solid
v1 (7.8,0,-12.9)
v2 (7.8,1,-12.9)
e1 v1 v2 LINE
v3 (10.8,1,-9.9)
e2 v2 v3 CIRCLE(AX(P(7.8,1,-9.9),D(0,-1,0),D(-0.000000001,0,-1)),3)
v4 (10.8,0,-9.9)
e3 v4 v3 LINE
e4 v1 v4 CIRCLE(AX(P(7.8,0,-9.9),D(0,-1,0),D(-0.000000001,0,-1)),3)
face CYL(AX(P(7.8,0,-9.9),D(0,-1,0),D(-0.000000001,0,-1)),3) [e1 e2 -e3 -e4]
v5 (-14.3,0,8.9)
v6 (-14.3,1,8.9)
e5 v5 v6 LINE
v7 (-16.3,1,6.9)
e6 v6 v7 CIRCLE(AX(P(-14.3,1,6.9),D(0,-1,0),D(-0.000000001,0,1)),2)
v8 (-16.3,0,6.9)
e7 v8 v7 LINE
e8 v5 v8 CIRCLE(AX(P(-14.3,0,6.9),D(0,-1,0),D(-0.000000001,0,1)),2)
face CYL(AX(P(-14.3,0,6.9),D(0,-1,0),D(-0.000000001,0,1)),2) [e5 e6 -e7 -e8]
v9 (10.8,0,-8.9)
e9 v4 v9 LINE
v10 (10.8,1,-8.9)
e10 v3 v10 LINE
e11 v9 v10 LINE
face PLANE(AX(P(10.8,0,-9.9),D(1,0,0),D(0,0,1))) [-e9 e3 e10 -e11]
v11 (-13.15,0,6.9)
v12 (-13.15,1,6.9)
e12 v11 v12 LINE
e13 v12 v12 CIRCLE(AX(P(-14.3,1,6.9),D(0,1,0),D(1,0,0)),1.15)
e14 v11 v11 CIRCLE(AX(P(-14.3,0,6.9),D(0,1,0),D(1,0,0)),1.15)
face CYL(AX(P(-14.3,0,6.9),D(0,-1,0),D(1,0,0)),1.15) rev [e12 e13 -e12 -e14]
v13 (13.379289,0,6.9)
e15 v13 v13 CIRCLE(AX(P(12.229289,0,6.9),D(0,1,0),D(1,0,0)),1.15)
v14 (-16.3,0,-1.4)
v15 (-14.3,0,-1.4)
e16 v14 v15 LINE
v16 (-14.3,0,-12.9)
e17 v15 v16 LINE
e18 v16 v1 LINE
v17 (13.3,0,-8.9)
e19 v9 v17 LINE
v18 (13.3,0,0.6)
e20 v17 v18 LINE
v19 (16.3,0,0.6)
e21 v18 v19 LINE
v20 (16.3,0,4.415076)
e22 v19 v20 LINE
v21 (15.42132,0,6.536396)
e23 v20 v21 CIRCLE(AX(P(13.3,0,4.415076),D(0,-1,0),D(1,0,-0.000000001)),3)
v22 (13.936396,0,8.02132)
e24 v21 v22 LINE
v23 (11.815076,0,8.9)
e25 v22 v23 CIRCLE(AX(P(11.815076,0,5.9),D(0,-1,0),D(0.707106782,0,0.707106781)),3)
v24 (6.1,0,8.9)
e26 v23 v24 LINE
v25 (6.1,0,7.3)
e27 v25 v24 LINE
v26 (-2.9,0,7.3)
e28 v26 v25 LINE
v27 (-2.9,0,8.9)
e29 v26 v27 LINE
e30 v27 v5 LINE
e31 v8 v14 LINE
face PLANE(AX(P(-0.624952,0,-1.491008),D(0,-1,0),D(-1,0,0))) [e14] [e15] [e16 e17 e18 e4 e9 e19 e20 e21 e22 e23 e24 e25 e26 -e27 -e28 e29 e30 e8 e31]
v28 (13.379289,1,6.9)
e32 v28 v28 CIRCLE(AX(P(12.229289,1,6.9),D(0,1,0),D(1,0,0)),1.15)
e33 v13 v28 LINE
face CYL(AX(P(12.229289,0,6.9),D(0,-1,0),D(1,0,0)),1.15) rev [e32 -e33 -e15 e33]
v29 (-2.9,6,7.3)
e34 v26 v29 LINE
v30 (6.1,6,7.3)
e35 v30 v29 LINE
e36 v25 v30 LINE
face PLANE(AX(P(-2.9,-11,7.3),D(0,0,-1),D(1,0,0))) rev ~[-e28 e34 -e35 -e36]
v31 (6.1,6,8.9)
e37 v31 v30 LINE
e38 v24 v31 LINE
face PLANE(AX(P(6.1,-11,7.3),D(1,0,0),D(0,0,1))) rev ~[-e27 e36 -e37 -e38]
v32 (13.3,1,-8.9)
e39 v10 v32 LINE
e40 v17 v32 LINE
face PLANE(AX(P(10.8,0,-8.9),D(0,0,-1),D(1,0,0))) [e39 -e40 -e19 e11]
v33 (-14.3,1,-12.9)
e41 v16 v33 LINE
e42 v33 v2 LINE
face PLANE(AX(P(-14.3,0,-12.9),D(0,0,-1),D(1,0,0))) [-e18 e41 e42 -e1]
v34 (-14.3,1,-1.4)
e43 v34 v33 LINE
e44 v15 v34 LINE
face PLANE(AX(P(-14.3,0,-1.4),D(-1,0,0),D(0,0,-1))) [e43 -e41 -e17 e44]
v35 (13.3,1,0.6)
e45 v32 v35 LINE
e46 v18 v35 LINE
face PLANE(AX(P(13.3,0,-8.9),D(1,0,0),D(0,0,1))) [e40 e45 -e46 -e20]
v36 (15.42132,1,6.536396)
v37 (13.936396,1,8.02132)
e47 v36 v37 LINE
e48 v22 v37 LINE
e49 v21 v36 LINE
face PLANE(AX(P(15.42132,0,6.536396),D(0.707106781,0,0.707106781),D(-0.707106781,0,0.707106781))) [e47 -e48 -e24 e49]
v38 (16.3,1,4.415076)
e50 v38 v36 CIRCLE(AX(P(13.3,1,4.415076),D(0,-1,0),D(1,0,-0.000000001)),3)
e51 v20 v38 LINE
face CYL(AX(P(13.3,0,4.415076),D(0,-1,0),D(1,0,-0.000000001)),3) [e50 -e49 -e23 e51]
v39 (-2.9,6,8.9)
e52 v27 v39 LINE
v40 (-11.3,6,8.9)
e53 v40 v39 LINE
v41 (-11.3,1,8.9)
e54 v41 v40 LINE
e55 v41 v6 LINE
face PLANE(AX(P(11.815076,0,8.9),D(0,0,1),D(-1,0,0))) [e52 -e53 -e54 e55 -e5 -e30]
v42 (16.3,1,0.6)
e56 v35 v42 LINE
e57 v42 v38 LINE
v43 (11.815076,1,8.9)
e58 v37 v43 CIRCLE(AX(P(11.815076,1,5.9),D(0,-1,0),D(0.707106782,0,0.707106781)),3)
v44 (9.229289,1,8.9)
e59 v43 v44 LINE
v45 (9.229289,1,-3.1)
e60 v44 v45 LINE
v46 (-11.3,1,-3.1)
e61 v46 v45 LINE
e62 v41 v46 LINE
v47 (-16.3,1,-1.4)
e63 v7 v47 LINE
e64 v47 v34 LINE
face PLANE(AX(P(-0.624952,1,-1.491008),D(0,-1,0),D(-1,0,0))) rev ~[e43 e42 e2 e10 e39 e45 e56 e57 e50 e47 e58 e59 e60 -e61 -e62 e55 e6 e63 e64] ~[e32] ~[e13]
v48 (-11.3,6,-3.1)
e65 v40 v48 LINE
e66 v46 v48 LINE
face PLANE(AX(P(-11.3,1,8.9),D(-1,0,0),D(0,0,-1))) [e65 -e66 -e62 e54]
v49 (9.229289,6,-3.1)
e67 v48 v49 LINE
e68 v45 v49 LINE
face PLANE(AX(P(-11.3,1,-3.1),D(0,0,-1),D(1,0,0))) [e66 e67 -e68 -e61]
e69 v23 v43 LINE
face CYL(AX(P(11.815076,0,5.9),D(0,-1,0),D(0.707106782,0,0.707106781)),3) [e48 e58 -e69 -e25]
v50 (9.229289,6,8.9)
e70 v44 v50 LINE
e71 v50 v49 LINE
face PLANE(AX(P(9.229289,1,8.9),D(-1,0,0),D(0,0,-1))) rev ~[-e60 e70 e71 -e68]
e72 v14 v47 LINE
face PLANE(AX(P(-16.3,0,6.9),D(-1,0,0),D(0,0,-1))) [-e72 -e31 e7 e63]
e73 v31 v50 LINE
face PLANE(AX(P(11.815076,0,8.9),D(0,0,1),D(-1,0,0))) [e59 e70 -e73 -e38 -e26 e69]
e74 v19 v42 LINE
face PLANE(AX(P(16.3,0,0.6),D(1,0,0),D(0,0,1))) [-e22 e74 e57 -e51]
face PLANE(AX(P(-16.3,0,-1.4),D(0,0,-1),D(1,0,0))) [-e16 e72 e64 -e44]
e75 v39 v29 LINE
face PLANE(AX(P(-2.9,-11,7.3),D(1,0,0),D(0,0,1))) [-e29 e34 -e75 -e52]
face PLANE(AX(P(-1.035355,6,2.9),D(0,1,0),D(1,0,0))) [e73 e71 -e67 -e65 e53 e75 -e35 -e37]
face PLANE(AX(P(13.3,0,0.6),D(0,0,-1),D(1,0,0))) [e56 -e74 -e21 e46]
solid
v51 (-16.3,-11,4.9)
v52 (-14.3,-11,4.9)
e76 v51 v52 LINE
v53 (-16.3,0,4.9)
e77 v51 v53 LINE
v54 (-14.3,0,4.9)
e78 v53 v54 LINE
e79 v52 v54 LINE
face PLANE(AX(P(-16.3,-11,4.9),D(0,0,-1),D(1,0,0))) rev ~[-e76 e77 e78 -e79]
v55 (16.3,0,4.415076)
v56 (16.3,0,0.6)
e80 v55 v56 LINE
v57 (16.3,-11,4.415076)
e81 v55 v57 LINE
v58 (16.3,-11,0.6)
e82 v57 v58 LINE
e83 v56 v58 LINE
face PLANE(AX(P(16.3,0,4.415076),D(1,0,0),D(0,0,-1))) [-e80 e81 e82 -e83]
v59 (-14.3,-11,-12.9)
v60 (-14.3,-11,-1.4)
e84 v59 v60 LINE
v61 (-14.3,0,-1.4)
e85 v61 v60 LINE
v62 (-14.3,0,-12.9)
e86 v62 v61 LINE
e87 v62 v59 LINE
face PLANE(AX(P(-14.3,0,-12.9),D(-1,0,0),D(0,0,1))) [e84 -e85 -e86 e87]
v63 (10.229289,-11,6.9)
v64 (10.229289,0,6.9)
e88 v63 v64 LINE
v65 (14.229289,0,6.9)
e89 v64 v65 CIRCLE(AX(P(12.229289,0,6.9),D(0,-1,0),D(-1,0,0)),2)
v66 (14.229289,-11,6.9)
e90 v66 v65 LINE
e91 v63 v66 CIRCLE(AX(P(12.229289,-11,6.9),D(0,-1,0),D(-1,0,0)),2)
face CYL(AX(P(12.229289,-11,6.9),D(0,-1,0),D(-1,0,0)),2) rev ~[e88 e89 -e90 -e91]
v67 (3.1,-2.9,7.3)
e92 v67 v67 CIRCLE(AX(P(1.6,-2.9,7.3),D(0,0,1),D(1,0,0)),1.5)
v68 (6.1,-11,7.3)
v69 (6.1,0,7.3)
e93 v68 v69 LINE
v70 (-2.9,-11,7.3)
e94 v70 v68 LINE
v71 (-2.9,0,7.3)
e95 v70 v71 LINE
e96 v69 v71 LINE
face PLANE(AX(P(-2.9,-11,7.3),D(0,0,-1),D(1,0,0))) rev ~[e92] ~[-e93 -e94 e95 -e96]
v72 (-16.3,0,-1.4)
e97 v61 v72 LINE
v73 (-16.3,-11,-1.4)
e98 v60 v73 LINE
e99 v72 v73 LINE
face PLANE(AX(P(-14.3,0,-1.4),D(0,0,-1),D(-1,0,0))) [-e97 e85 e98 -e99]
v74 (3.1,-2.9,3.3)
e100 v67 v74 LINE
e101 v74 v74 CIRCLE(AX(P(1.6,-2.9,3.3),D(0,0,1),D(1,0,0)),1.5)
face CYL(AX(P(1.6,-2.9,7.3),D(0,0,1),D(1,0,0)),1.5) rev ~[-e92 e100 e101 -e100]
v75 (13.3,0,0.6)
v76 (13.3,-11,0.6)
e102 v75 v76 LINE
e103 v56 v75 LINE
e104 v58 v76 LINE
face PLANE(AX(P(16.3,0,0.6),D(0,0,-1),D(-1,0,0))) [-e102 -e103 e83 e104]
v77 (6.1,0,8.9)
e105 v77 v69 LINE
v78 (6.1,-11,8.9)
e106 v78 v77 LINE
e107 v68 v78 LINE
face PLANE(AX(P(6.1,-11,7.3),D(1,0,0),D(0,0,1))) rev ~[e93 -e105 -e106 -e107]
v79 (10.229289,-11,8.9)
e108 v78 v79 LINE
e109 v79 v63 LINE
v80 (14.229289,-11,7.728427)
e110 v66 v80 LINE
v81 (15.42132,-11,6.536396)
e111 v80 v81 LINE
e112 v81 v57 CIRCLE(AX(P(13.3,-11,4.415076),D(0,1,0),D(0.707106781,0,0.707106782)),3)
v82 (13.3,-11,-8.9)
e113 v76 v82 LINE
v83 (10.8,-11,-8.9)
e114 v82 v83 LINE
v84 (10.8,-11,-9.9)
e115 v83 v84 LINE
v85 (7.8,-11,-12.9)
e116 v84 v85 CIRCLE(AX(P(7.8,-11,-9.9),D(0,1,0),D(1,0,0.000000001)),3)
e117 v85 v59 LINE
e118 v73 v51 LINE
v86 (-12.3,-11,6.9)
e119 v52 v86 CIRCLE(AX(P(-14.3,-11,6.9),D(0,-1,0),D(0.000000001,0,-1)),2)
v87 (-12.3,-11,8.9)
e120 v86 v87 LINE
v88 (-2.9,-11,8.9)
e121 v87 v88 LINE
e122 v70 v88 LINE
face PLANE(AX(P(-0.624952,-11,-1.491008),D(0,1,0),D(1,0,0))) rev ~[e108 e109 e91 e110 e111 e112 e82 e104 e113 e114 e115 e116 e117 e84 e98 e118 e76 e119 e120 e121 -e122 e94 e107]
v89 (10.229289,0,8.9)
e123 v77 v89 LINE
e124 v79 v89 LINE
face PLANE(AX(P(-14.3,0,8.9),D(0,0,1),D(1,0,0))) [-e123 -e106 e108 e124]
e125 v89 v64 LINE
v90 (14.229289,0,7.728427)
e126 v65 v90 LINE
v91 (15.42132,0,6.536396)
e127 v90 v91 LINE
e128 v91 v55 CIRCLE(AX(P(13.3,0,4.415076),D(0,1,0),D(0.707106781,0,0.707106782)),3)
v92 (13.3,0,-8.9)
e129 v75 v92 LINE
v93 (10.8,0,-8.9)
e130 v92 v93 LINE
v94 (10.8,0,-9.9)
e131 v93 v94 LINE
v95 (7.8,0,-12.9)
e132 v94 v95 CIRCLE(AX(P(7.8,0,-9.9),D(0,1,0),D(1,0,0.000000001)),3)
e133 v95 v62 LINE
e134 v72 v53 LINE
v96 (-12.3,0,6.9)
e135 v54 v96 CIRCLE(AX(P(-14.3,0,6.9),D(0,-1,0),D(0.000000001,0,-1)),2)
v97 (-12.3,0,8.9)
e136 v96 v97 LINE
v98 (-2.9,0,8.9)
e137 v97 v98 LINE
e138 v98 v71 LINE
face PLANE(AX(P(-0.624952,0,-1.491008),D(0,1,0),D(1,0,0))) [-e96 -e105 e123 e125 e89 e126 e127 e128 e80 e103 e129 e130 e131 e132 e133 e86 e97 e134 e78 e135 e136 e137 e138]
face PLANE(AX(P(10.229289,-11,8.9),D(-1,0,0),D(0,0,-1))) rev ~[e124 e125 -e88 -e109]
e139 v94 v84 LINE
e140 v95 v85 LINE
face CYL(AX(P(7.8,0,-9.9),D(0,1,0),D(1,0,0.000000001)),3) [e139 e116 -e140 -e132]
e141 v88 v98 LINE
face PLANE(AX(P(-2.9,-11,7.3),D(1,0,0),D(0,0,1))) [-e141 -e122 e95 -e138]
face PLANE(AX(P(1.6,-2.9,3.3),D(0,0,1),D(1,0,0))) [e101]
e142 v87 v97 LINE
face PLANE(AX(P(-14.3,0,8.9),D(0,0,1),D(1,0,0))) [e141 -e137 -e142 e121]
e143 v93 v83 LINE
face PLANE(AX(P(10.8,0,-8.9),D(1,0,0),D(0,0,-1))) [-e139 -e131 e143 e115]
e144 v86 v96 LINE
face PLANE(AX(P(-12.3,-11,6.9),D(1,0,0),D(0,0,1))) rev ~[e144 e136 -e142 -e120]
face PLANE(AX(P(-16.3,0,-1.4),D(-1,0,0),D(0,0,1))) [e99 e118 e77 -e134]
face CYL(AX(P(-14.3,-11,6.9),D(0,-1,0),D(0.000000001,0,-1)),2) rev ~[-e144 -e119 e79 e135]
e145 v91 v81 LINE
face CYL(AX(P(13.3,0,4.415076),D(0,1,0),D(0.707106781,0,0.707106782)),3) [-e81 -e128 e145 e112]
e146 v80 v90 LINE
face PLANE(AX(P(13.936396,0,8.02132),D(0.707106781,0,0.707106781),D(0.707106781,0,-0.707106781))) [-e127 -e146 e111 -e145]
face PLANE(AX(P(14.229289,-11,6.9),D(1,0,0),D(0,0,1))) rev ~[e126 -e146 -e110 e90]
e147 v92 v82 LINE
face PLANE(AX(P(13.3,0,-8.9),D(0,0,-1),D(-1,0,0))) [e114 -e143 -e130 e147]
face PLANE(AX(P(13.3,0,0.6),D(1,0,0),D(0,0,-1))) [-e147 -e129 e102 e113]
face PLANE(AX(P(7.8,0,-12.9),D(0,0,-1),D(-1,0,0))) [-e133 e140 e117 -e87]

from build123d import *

# Parameters (mm, degrees)
SKETCH_1_R          = 1.15
EXTRUDE_1_DEPTH     = 1
EXTRUDE_2_DEPTH     = 11
CUT_EXTRUDE_1_DEPTH = 11
SKETCH_5_W          = 20.529289322
SKETCH_5_H          = 12
EXTRUDE_3_DEPTH     = 5
SKETCH_6_W          = 9
SKETCH_6_H          = 3.2
CUT_EXTRUDE_2_DEPTH = 18
SKETCH_7_R          = 1.5
CUT_EXTRUDE_3_DEPTH = 4


with BuildPart() as part:
    # 草图1 → 凸台-拉伸1 (new body)
    with BuildSketch(Plane(origin=(0, 0, 0), x_dir=(1, 0, 0), z_dir=(0, 1, 0))):
        with BuildLine():
            Line((-14.3, 8.9), (-14.3, 12.9))
            Line((-14.3, 12.9), (7.8, 12.9))
            ThreePointArc((7.8, 12.9), (9.921320344, 12.021320344), (10.8, 9.9))
            Line((10.8, 9.9), (10.8, 8.9))
            Line((10.8, 8.9), (13.3, 8.9))
            Line((13.3, 8.9), (13.3, -0.6))
            Line((13.3, -0.6), (16.3, -0.6))
            Line((16.3, -0.6), (16.3, -4.41507576))
            ThreePointArc((16.3, -4.41507576), (16.071638598, -5.563126057), (15.421320344, -6.536396103))
            Line((15.421320344, -6.536396103), (13.936396103, -8.021320344))
            ThreePointArc((13.936396103, -8.021320344), (12.963126057, -8.671638598), (11.81507576, -8.9))
            Line((11.81507576, -8.9), (-14.3, -8.9))
            ThreePointArc((-14.3, -8.9), (-15.714213562, -8.314213562), (-16.3, -6.9))
            Line((-16.3, -6.9), (-16.3, 1.4))
            Line((-16.3, 1.4), (-14.3, 1.4))
            Line((-14.3, 1.4), (-14.3, 8.9))
        make_face()
        with Locations((-14.3, -6.9)):
            Circle(SKETCH_1_R, mode=Mode.SUBTRACT)
        with Locations((12.229289322, -6.9)):
            Circle(SKETCH_1_R, mode=Mode.SUBTRACT)
    extrude(amount=EXTRUDE_1_DEPTH)

    # 草图5 → 凸台-拉伸3 (add)
    with BuildSketch(Plane(origin=(0, 1, 0), x_dir=(1, 0, 0), z_dir=(0, 1, 0))):
        with Locations((-1.035355339, -2.9)):
            Rectangle(SKETCH_5_W, SKETCH_5_H)
    extrude(amount=EXTRUDE_3_DEPTH)


with BuildPart() as body_2:
    # 草图2 → 凸台-拉伸2 (new body)
    with BuildSketch(Plane(origin=(0, 0, 0), x_dir=(1, 0, 0), z_dir=(0, 1, 0))):
        with BuildLine():
            Line((-14.3, -8.9), (11.81507576, -8.9))
            ThreePointArc((11.81507576, -8.9), (12.963126057, -8.671638598), (13.936396103, -8.021320344))
            Line((13.936396103, -8.021320344), (15.421320344, -6.536396103))
            ThreePointArc((15.421320344, -6.536396103), (16.071638598, -5.563126057), (16.3, -4.41507576))
            Line((16.3, -4.41507576), (16.3, -0.6))
            Line((16.3, -0.6), (13.3, -0.6))
            Line((13.3, -0.6), (13.3, 8.9))
            Line((13.3, 8.9), (10.8, 8.9))
            Line((10.8, 8.9), (10.8, 9.9))
            ThreePointArc((10.8, 9.9), (9.921320344, 12.021320344), (7.8, 12.9))
            Line((7.8, 12.9), (-14.3, 12.9))
            Line((-14.3, 12.9), (-14.3, 1.4))
            Line((-14.3, 1.4), (-16.3, 1.4))
            Line((-16.3, 1.4), (-16.3, -6.9))
            ThreePointArc((-16.3, -6.9), (-15.714213562, -8.314213562), (-14.3, -8.9))
        make_face()
    extrude(amount=-EXTRUDE_2_DEPTH)

    # 草图4 → 切除-拉伸1 (cut)
    with BuildSketch(Plane.XZ.offset(11)):
        with BuildLine():
            Line((-12.3, 6.9), (-12.3, 8.9))
            Line((-12.3, 8.9), (-14.3, 8.9))
            ThreePointArc((-14.3, 8.9), (-15.714213562, 8.314213562), (-16.3, 6.9))
            Line((-16.3, 6.9), (-16.3, 4.9))
            Line((-16.3, 4.9), (-14.3, 4.9))
            ThreePointArc((-14.3, 4.9), (-12.885786438, 5.485786438), (-12.3, 6.9))
        make_face()
        with BuildLine():
            Line((10.229289322, 8.9), (10.229289322, 6.9))
            ThreePointArc((10.229289322, 6.9), (12.229289322, 4.9), (14.229289322, 6.9))
            Line((14.229289322, 6.9), (14.229289322, 7.728427125))
            Line((14.229289322, 7.728427125), (13.936396103, 8.021320344))
            ThreePointArc((13.936396103, 8.021320344), (12.963126057, 8.671638598), (11.81507576, 8.9))
            Line((11.81507576, 8.9), (10.229289322, 8.9))
        make_face()
    extrude(amount=-CUT_EXTRUDE_1_DEPTH, mode=Mode.SUBTRACT)


with BuildPart() as cut_extrude_2_tool:
    # 草图6 → 切除-拉伸2 (new body, through all)
    with BuildSketch(Plane.XZ.offset(11)):
        with Locations((1.6, 8.9)):
            Rectangle(SKETCH_6_W, SKETCH_6_H)
    extrude(amount=-CUT_EXTRUDE_2_DEPTH)


with BuildPart() as part_1:
    add(part.part)

    # 切除-拉伸2: cut by cut_extrude_2_tool
    add(cut_extrude_2_tool.part, mode=Mode.SUBTRACT)


with BuildPart() as body_2_1:
    add(body_2.part)

    # 切除-拉伸2: cut by cut_extrude_2_tool
    add(cut_extrude_2_tool.part, mode=Mode.SUBTRACT)

    # 草图7 → 切除-拉伸3 (cut)
    with BuildSketch(Plane.XY.offset(7.3)):
        with Locations((1.6, -2.9)):
            Circle(SKETCH_7_R)
    extrude(amount=-CUT_EXTRUDE_3_DEPTH, mode=Mode.SUBTRACT)


solid = Compound([part_1.part, body_2_1.part])
